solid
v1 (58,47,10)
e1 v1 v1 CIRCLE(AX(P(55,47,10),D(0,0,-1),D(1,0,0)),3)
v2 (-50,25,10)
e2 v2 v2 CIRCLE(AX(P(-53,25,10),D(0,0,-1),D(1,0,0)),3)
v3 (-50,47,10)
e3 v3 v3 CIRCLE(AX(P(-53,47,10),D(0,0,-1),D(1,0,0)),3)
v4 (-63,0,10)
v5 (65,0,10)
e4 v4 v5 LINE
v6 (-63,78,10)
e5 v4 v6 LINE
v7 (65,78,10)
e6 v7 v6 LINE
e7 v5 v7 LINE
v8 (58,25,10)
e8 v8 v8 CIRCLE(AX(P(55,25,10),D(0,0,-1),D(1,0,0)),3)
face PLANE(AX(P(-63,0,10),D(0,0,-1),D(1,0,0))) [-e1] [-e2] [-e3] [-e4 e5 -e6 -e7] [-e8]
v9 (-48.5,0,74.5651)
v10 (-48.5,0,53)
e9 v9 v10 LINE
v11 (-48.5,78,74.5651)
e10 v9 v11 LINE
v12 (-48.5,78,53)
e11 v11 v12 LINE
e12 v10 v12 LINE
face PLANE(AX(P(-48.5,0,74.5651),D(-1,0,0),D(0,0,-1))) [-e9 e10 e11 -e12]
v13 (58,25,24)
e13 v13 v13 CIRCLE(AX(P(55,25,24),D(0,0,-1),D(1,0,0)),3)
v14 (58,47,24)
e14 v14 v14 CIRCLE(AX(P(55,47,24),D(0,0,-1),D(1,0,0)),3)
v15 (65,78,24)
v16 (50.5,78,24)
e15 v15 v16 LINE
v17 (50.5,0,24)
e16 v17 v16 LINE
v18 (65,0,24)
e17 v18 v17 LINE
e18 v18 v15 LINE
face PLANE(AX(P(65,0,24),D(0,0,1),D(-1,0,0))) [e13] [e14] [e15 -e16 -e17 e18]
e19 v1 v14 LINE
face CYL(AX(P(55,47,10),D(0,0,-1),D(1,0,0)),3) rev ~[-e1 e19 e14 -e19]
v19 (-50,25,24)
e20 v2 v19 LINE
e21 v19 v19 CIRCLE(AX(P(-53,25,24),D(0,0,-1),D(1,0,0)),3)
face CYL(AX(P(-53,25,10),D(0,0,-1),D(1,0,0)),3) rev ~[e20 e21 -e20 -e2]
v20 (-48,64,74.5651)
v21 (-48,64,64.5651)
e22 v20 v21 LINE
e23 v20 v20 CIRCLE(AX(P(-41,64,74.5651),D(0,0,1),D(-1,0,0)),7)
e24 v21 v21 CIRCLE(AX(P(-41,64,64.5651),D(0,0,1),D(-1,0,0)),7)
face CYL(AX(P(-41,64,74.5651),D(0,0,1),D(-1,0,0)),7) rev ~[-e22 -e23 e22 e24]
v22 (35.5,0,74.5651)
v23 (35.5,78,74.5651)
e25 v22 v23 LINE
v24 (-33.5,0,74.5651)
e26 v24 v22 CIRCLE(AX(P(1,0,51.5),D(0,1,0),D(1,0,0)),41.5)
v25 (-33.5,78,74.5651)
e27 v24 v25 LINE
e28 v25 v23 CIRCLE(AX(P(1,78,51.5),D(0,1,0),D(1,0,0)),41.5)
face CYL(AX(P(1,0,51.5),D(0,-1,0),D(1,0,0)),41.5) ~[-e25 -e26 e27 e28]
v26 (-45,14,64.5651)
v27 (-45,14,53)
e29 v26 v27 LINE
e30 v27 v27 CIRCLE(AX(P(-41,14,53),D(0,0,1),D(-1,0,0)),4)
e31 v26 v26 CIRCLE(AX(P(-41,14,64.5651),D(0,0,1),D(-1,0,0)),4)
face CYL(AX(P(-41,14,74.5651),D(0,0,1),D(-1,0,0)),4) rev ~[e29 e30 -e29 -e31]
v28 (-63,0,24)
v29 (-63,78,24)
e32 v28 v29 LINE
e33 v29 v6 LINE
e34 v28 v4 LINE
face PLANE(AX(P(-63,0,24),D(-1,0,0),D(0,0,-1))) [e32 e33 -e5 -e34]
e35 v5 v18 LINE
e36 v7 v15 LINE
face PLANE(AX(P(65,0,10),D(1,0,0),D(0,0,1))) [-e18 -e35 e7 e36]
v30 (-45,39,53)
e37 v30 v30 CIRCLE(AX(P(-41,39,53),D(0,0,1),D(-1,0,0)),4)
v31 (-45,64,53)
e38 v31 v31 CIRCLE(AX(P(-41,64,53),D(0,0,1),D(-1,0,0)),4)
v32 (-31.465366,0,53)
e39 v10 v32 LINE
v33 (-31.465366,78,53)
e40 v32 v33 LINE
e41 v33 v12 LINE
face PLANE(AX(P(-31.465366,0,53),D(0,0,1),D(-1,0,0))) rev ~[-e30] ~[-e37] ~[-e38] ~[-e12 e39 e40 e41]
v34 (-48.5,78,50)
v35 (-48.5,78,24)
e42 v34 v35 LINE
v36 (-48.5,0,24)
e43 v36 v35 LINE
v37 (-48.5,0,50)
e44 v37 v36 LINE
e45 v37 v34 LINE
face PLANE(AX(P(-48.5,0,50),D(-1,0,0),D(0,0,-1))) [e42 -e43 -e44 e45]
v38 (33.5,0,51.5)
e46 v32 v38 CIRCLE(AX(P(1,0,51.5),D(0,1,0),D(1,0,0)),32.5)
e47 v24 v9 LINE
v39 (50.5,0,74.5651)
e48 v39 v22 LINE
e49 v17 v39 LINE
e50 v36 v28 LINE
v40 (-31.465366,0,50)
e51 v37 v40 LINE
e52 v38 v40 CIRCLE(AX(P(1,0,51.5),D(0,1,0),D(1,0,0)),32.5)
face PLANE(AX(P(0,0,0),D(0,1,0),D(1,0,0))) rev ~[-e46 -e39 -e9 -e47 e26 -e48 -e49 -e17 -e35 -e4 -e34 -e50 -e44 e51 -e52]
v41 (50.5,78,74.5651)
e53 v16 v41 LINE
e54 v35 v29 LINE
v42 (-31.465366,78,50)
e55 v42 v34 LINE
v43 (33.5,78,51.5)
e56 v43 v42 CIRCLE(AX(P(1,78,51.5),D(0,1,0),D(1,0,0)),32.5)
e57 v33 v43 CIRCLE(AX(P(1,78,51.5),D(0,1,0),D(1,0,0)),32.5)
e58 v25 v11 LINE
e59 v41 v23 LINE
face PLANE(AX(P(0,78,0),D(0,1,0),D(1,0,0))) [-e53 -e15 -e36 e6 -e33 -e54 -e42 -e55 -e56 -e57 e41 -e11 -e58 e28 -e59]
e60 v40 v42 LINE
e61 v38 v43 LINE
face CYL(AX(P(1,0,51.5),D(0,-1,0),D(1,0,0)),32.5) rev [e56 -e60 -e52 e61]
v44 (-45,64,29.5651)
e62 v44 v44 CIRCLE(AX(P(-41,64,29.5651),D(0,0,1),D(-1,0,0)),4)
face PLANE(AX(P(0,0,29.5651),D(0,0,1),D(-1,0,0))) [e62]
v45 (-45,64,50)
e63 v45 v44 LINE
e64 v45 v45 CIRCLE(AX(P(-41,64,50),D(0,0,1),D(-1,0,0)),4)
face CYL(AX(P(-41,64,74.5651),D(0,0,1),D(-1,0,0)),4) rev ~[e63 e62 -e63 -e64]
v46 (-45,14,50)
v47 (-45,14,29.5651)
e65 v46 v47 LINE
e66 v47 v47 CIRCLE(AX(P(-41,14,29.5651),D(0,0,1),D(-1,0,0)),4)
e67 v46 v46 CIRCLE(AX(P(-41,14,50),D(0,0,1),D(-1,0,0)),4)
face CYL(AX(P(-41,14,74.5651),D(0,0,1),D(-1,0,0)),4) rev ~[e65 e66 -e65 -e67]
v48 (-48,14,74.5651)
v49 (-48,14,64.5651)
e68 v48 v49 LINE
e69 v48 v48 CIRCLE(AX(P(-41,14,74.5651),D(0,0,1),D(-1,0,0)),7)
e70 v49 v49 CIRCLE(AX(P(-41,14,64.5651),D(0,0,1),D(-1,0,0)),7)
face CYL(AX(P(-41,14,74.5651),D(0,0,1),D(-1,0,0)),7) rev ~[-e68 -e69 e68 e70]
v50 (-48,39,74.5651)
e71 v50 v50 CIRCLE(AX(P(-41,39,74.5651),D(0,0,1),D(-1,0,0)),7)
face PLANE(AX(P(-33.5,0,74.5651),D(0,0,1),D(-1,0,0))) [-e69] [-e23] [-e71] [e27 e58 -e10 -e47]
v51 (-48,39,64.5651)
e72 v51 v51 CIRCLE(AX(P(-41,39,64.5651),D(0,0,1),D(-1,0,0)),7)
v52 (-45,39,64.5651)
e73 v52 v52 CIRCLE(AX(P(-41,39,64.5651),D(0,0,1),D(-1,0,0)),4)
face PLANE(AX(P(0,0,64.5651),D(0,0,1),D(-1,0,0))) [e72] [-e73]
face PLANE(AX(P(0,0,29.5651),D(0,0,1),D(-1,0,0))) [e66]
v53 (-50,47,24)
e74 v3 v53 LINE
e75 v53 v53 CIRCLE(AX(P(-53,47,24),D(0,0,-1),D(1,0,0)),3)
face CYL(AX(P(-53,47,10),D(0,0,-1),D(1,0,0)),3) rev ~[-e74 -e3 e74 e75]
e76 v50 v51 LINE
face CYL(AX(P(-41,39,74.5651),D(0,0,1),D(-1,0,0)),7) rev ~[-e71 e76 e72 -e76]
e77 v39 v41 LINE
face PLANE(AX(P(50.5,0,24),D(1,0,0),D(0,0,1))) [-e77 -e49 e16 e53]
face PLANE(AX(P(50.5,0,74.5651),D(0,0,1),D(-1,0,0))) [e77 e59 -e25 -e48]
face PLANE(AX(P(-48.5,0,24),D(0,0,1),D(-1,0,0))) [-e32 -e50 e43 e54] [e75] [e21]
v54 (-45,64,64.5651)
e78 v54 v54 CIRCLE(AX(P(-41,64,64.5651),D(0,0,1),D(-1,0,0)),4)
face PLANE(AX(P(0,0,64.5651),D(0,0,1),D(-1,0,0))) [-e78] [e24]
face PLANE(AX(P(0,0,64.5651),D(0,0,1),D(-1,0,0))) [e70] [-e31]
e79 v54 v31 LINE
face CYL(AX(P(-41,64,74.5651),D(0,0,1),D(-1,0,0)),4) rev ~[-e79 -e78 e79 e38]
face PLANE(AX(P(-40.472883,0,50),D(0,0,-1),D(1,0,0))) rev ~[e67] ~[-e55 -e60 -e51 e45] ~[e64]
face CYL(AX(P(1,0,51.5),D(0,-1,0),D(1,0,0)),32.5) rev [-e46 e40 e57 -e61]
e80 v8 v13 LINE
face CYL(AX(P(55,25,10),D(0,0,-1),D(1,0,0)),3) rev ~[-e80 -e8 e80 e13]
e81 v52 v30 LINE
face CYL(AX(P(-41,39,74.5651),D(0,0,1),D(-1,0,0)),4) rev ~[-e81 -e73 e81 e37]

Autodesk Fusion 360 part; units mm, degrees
sketch "Front" plane through (0, 0, 0) normal (0, 1, 0) x (1, 0, 0)
  line L0 (-75, -10) -> (75, -10) construction
  line L1 (-75, -24) -> (75, -24) construction
  line L2 (-75, -74.5651) -> (75, -74.5651) construction
  line L3 (-74, -51.5) -> (76, -51.5) construction
  circle A0 centre (1, -51.5) radius 32.5
  circle A1 centre (1, -51.5) radius 41.5
  line L4 (-48.5, 10) -> (-48.5, -85) construction
  line L5 (50.5, 10) -> (50.5, -85) construction
  line L6 (65, 10) -> (65, -25) construction
  line L7 (-63, 10) -> (-63, -25) construction
  line L8 (-33.5, -74.5651) -> (-48.5, -74.5651)
  line L9 (-48.5, -74.5651) -> (-48.5, -24)
  line L10 (-48.5, -24) -> (-63, -24)
  line L11 (-63, -24) -> (-63, -10)
  line L12 (-63, -10) -> (65, -10)
  line L13 (65, -10) -> (65, -24)
  line L14 (65, -24) -> (50.5, -24)
  line L15 (50.5, -24) -> (50.5, -74.5651)
  line L16 (50.5, -74.5651) -> (35.5, -74.5651)
  line L17 (-30, -53) -> (-51, -53)
  line L18 (-51, -53) -> (-51, -50)
  line L19 (-51, -50) -> (-30, -50)
  line L20 (-30, -50) -> (-30, -53)
  line L21 (-30, -53) -> (-51, -50) construction
  line L22 (-51, -53) -> (-30, -50) construction
  point P0 (-33.5, -74.5651)
  point P1 (35.5, -74.5651)
  point P2 (0.9773, -10)
  point P3 (-40.5, -51.5)
  dimension "d1" = 14
  dimension "d2" = 65
  dimension "d3" = 83
  dimension "d4" = 49.5
  dimension "d5" = 49.5
  dimension "d6" = 64
  dimension "d7" = 64
  dimension "d8" = 15
  dimension "d9" = 15
  dimension "d10" = 23.0651
  dimension "d14" = 14.5
  dimension "d15" = 3
extrude "Extrude1" add sketch "Front" along normal blind 78 contours A0 A1 L17 L19 | A1 L9 L10 L11 L12 L19 | A1 L8 L9 L17 | A1 L12 L13 L14 L15 L16 picked at (34.7953, -69.7412)
sketch "Top holes" plane through (0, 0, 74.5651) normal (0, 0, 1) x (-1, 0, 0)
  line L0 (48.5, 0) -> (33.5, 0)
  line L1 (33.5, 0) -> (33.5, -78)
  line L2 (33.5, -78) -> (48.5, -78)
  line L3 (48.5, -78) -> (48.5, 0)
  line L4 (41, -78) -> (41, 0) construction
  circle A0 centre (41, -39) radius 7
  circle A1 centre (41, -64) radius 7
  circle A2 centre (41, -14) radius 7
  circle A3 centre (41, -39) radius 4
  circle A4 centre (41, -64) radius 4
  circle A5 centre (41, -14) radius 4
  dimension "d18" = 14
  dimension "d19" = 14
  dimension "d20" = 14
  dimension "d21" = 25
  dimension "d22" = 25
  dimension "d23" = 8
  dimension "d24" = 8
  dimension "d25" = 8
extrude "Extrude2" cut sketch "Top holes" against normal blind 45 contours A4 | A5
extrude "Extrude5" cut sketch "Top holes" against normal blind 23 contours A3
extrude "Extrude3" cut sketch "Top holes" against normal blind 10 contours A0 | A1 | A2
sketch "Bottom holes" plane through (0, 0, 10) normal (0, 0, -1) x (1, 0, 0)
  line L0 (65, 0) -> (-63, 0)
  line L1 (-63, -78) -> (65, -78)
  line L2 (65, -78) -> (65, 0)
  line L3 (1, -78) -> (1, 0) construction
  line L4 (55, -47) -> (-53, -47) construction
  line L5 (-53, -47) -> (-53, -25) construction
  line L6 (-53, -25) -> (55, -25) construction
  line L7 (55, -25) -> (55, -47) construction
  line L8 (55, -47) -> (-53, -25) construction
  line L9 (-53, -47) -> (55, -25) construction
  circle A0 centre (-53, -25) radius 3
  circle A1 centre (-53, -47) radius 3
  circle A2 centre (55, -47) radius 3
  circle A3 centre (55, -25) radius 3
  line L10 (-63, 0) -> (-63, -78)
  point P0 (1, -36)
  dimension "d38" = 108
  dimension "d39" = 22
  dimension "d40" = 25
  dimension "d41" = 6
  dimension "d42" = 6
  dimension "d43" = 6
  dimension "d44" = 6
extrude "Extrude4" cut sketch "Bottom holes" against normal through all contours A0 | A1 | A2 | A3
equation "d3 = d2 + 18 mm"
equation "d4 = ( 99 / 2 ) * 1 mm"
equation "d5 = d4"
equation "d7 = d6"
equation "d19 = d18"
equation "d20 = d18"
equation "d22 = d21"
equation "d24 = d23"
equation "d25 = d23"
equation "d42 = d41"
equation "d43 = d41"
equation "d44 = d41"
